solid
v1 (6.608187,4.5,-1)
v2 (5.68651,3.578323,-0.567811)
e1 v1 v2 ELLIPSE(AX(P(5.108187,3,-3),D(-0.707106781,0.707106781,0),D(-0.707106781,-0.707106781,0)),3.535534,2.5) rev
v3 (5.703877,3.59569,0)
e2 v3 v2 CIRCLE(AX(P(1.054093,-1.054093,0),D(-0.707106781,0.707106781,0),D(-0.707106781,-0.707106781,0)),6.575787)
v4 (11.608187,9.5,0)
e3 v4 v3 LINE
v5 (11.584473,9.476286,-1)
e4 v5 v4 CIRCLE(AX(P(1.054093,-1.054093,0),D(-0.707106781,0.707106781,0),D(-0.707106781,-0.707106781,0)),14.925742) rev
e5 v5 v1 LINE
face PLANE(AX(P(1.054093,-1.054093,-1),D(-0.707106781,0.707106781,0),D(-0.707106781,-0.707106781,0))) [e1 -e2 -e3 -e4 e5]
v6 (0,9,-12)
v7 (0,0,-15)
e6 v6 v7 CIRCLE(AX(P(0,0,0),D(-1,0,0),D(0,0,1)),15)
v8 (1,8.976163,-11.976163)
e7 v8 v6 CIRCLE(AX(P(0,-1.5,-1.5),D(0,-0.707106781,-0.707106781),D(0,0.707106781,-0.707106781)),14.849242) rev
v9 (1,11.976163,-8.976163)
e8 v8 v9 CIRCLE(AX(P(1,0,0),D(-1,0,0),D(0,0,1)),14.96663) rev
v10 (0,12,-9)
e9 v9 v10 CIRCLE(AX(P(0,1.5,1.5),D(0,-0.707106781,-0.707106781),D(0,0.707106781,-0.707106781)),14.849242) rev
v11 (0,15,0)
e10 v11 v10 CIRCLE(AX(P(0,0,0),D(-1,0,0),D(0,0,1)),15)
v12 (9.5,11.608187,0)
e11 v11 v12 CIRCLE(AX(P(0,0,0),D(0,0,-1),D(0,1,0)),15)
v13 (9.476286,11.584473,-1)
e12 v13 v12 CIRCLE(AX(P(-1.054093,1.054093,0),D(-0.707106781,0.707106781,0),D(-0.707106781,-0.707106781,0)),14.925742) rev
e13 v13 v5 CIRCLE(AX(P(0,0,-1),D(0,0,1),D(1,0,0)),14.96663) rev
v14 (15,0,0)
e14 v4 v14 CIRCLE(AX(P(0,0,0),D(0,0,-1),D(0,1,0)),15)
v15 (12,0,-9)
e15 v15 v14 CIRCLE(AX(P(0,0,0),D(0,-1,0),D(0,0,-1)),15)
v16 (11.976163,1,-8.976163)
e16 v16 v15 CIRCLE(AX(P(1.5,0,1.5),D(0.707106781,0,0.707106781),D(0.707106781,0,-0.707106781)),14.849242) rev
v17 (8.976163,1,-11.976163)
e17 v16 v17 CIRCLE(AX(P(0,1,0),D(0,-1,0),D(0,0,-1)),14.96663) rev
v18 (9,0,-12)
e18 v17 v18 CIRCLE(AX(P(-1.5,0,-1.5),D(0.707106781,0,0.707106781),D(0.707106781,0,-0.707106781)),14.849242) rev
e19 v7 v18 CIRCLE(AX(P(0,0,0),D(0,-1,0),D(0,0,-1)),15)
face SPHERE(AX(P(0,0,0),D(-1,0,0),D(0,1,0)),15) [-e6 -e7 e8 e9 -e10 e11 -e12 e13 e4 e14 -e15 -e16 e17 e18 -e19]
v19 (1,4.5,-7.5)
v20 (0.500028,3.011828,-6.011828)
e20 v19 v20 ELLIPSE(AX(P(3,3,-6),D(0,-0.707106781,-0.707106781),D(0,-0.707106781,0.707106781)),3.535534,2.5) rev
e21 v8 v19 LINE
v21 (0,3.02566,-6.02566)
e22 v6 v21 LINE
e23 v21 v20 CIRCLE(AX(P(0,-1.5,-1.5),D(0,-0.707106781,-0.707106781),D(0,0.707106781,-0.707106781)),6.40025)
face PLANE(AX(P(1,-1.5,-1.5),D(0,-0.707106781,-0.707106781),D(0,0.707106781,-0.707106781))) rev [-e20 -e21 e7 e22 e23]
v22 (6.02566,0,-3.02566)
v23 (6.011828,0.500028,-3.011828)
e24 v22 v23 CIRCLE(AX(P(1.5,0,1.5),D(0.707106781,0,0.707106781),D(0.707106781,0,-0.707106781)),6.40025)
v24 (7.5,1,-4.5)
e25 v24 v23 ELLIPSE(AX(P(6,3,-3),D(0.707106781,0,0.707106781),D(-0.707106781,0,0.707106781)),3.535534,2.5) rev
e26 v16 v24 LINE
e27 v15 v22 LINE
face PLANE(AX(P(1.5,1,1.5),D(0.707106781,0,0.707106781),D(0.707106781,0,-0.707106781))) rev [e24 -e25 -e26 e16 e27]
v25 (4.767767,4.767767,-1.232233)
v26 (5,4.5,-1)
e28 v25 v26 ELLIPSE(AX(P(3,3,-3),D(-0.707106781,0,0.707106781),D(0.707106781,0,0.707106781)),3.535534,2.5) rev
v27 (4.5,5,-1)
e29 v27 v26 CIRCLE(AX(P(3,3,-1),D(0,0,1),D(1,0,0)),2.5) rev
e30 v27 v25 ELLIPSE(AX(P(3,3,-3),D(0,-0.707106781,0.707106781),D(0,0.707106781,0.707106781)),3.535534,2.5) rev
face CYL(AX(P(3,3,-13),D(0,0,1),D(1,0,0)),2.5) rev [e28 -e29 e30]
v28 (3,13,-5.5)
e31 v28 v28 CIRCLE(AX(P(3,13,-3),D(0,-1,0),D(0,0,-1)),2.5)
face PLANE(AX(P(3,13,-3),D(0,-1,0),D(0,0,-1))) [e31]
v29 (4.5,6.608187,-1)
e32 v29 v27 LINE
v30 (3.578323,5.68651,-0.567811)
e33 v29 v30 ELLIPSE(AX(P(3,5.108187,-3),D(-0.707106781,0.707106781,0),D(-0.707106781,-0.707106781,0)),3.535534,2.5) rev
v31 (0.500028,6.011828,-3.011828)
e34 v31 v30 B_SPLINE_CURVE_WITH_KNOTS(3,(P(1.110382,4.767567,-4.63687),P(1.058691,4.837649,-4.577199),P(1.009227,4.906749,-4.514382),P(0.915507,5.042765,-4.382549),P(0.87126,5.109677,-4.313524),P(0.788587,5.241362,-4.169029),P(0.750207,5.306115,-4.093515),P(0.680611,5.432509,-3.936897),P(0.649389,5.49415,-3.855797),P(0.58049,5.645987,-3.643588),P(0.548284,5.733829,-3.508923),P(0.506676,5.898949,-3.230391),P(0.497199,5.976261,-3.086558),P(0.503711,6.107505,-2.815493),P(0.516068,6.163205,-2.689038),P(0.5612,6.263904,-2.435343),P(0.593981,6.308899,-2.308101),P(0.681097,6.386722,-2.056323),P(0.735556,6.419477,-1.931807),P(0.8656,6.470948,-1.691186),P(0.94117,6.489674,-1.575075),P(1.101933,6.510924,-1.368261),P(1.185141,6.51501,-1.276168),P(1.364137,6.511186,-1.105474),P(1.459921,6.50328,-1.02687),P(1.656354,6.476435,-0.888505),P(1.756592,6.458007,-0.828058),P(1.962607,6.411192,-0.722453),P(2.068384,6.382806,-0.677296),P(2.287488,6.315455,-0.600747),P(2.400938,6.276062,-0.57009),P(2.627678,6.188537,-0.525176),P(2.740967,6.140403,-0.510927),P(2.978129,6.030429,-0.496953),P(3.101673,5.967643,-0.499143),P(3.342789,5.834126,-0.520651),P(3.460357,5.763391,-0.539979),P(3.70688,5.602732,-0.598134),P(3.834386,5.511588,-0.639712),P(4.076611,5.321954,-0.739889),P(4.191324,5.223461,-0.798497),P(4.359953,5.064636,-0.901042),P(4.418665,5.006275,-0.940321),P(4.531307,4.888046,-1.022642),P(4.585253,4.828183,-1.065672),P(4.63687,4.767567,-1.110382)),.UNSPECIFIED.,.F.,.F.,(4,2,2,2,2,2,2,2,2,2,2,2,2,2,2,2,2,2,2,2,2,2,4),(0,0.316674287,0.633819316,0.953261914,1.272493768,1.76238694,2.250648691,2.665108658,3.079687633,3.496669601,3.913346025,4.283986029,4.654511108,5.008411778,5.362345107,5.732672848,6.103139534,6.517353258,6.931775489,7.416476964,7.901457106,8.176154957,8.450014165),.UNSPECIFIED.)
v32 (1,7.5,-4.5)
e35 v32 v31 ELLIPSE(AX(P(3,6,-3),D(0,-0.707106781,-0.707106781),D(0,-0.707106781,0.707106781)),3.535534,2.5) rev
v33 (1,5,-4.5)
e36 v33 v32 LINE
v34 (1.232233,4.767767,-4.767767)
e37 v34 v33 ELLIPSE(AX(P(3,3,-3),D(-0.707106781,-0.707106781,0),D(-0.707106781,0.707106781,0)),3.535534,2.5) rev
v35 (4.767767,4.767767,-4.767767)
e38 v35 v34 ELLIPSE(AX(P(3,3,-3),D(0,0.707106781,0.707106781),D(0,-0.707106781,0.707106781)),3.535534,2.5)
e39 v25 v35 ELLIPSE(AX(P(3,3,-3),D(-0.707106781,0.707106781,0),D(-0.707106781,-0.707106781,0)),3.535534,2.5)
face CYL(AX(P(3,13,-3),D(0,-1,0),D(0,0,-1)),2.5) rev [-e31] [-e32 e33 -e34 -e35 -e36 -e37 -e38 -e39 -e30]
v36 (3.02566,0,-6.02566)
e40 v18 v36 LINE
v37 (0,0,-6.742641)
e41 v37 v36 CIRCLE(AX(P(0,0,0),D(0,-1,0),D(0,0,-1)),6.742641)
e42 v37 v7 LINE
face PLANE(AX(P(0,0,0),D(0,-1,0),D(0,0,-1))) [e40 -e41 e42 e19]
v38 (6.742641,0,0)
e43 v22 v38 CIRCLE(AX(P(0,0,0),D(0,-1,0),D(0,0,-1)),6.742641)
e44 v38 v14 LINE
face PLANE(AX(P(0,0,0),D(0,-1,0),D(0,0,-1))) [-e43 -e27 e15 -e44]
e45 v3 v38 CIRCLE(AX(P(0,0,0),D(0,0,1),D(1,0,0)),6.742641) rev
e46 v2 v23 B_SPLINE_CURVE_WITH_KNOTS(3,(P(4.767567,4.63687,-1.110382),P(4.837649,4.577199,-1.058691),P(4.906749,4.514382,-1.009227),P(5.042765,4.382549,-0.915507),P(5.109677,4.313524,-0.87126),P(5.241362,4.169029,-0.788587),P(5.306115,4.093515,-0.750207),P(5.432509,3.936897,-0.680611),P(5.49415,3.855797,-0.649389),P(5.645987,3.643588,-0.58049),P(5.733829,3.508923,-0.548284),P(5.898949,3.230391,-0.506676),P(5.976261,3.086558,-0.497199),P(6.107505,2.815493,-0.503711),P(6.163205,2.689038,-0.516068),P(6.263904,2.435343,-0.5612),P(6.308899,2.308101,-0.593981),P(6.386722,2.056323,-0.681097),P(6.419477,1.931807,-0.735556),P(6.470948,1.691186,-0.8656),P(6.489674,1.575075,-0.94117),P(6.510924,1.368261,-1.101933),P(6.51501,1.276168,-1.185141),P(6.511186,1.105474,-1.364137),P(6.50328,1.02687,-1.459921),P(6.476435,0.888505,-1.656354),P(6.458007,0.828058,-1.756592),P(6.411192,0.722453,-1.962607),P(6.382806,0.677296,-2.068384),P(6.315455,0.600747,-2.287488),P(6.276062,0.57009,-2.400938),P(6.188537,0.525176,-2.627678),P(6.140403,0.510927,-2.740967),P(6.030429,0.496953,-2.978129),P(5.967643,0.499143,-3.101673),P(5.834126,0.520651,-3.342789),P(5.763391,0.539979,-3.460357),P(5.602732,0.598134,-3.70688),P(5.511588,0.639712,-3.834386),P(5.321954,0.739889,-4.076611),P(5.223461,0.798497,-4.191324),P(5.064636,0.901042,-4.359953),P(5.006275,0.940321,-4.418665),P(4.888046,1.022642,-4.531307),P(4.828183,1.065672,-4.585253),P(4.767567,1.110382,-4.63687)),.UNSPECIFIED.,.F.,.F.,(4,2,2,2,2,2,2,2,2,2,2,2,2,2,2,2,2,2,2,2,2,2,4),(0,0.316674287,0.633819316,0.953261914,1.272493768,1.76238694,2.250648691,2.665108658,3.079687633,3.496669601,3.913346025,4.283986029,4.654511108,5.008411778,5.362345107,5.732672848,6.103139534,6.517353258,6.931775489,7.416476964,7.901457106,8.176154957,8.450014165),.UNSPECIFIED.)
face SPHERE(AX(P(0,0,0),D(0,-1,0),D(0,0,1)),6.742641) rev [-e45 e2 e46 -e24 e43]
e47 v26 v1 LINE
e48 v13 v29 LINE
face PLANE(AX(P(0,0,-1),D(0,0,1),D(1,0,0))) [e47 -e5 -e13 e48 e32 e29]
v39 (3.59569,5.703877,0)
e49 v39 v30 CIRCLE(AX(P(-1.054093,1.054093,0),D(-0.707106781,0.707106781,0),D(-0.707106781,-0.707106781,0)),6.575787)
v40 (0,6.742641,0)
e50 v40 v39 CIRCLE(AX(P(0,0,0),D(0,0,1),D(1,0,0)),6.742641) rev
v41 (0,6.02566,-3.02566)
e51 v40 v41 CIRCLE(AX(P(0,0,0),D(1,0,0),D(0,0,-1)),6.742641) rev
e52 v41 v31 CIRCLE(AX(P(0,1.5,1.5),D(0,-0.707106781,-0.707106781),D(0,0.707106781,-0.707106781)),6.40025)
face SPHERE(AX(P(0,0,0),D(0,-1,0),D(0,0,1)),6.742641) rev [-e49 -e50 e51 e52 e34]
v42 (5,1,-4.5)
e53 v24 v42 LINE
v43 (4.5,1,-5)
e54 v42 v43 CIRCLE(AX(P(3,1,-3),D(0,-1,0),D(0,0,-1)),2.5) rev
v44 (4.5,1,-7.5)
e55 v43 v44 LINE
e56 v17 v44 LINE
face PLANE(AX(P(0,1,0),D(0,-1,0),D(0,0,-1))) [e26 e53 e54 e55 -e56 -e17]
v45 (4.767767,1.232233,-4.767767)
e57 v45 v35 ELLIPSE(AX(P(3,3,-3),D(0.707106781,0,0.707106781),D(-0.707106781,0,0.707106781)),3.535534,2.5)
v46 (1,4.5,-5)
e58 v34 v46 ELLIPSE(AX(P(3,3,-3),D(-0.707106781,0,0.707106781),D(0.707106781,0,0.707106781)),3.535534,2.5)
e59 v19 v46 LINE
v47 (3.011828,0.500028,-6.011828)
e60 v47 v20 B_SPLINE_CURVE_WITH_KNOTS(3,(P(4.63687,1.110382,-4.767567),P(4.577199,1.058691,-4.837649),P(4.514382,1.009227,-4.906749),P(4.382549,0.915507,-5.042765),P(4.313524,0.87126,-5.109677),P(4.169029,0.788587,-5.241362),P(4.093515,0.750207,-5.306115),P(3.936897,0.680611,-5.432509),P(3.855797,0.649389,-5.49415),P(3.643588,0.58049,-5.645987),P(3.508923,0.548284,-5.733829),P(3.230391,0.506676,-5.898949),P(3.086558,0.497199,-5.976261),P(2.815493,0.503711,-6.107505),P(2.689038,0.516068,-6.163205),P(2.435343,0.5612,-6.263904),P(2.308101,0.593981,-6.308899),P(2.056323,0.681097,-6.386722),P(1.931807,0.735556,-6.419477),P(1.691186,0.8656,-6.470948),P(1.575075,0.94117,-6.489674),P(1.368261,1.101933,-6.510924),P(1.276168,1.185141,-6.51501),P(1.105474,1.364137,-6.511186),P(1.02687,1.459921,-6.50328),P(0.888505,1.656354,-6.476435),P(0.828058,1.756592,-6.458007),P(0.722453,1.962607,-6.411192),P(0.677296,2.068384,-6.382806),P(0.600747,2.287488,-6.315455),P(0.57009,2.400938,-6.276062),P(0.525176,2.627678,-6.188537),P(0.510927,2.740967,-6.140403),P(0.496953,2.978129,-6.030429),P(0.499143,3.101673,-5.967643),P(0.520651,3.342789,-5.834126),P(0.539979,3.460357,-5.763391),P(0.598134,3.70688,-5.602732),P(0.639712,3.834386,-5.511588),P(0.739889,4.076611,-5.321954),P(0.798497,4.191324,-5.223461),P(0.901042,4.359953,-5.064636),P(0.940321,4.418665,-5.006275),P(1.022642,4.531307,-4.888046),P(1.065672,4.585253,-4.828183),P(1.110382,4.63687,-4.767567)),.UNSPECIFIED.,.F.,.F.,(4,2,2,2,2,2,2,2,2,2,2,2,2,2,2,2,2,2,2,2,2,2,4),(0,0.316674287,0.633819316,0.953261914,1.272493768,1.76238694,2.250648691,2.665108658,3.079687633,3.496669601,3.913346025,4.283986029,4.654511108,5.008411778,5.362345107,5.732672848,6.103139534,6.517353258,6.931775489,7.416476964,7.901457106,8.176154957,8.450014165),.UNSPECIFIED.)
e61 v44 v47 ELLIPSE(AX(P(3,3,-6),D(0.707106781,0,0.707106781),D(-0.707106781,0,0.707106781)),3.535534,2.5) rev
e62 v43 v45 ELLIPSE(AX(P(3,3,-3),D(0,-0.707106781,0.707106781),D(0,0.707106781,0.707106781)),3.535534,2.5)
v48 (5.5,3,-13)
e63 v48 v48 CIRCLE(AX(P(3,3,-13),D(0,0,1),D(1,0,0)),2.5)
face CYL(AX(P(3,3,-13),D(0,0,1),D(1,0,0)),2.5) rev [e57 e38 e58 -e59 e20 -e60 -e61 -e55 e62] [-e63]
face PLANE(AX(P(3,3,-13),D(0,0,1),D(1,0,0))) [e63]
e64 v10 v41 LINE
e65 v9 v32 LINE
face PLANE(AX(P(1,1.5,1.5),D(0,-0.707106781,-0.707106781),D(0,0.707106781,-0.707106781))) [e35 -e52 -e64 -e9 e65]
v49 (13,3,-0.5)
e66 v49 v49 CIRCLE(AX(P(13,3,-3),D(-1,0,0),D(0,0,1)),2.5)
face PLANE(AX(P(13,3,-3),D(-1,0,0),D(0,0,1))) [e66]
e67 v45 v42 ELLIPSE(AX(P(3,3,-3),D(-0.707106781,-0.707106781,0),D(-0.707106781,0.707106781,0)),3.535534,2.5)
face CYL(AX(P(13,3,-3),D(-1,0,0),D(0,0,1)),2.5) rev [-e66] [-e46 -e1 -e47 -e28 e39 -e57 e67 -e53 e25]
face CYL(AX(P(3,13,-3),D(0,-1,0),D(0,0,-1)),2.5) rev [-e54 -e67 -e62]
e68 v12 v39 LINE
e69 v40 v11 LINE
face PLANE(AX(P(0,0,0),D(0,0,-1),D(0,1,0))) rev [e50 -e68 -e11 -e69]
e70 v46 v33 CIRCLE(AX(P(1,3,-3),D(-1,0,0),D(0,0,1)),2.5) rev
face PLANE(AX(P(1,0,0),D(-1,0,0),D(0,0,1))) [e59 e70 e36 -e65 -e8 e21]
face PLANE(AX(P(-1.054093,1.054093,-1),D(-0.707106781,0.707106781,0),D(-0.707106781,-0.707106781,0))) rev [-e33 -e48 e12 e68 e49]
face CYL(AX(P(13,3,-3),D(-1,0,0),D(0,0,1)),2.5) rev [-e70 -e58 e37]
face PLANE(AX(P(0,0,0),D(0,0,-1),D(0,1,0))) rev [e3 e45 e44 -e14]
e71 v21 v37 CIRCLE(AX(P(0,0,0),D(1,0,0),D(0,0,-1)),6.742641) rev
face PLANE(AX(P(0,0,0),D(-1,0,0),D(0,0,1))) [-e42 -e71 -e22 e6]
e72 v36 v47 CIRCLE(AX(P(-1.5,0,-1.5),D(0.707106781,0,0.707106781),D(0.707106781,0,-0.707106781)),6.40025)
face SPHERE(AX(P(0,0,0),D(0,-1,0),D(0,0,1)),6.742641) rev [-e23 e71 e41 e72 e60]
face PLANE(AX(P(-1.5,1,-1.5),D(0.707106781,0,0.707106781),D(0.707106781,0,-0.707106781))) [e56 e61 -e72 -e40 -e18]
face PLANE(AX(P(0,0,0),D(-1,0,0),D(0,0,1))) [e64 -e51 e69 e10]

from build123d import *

# Parameters (mm, degrees)
REVOLVE1_ANGLE      = 90.0000000000002
SKETCH5_R           = 2.5000000000000013
CUT_EXTRUDE3_DEPTH  = 13.000000000000002
SKETCH6_R           = 2.5000000000000004
CUT_EXTRUDE4_DEPTH  = 13.000000000000002
SKETCH7_R           = 2.5000000000000013
CUT_EXTRUDE5_DEPTH  = 13.000000000000002
CUT_REVOLVE14_ANGLE = 90.0000000000002
CUT_EXTRUDE20_DEPTH = 0.9999999999999974
CUT_EXTRUDE24_DEPTH = 1
CUT_EXTRUDE25_DEPTH = 1


with BuildPart() as part:
    # Sketch4 → Revolve1 (revolve)
    with BuildSketch(Plane(origin=(0, 0, 0), x_dir=(1, 0, 0), z_dir=(0, 1, 0))):
        with BuildLine():
            Line((0, 0), (15, 0))
            ThreePointArc((15, 0), (10.606601717798213, 10.606601717798211), (0, 15))
            Line((0, 15), (0, 0))
        make_face()
    revolve(axis=Axis((0, 0, 0), (1, 0, 0)), revolution_arc=REVOLVE1_ANGLE)

    # Sketch5 → Cut-Extrude3 (cut)
    with BuildSketch(Plane.XY):
        with Locations((3, 3)):
            Circle(SKETCH5_R)
    extrude(amount=-CUT_EXTRUDE3_DEPTH, mode=Mode.SUBTRACT)

    # Sketch6 → Cut-Extrude4 (cut)
    with BuildSketch(Plane.ZY):
        with Locations((-3, 3)):
            Circle(SKETCH6_R)
    extrude(amount=-CUT_EXTRUDE4_DEPTH, mode=Mode.SUBTRACT)

    # Sketch7 → Cut-Extrude5 (cut)
    with BuildSketch(Plane.XZ):
        with Locations(Location((3, -3, 0), (0, 0, 270))):
            Circle(SKETCH7_R)
    extrude(amount=-CUT_EXTRUDE5_DEPTH, mode=Mode.SUBTRACT)

    # Sketch8 → Cut-Revolve14 (revolve, cut)
    with BuildSketch(Plane.XY):
        with BuildLine():
            ThreePointArc((4.767766952966368, 4.767766952966372), (2.580296881351315, 6.229387725907349), (0, 6.742640687119288))
            Line((0, 6.742640687119287), (0, 0))
            Line((0, 0), (6.742640687119288, 4.1e-16))
            ThreePointArc((6.742640687119288, 1.52e-15), (6.229387725907348, 2.5802968813513187), (4.767766952966368, 4.767766952966372))
        make_face()
        with BuildLine():
            ThreePointArc((5.500000000000002, 2.9999999999999996), (0.6903011687217822, 2.043291419087274), (4.767766952966367, 4.767766952966372))
            ThreePointArc((4.767766952966367, 4.767766952966372), (5.309698831278217, 3.9567085809127267), (5.500000000000002, 3))
        make_face(mode=Mode.SUBTRACT)
    revolve(axis=Axis((0, 0, 0), (0, 1, 3.49e-15)), revolution_arc=CUT_REVOLVE14_ANGLE, mode=Mode.SUBTRACT)

    # Sketch9 → Cut-Extrude20 (cut)
    with BuildSketch(Plane.XY):
        with BuildLine():
            ThreePointArc((11.6081867662439, 9.499999999999998), (10.606601717798215, 10.60660171779821), (9.500000000000005, 11.608186766243897))
            Line((9.500000000000005, 11.608186766243898), (11.608186766243902, 9.499999999999998))
        make_face()
        with BuildLine():
            Line((11.608186766243902, 9.499999999999998), (9.500000000000005, 11.608186766243898))
            Line((9.500000000000005, 11.608186766243898), (3.5956903599630037, 5.703877126206902))
            ThreePointArc((3.5956903599630796, 5.703877126206793), (4.207841503717712, 5.268517183723248), (4.767766952966372, 4.7677669529663715))
            ThreePointArc((4.767766952966372, 4.7677669529663715), (5.268517183723248, 4.207841503717712), (5.703877126206793, 3.5956903599630796))
            Line((5.703877126206905, 3.5956903599630046), (11.608186766243902, 9.499999999999998))
        make_face()
        with BuildLine():
            ThreePointArc((4.767766952966372, 4.7677669529663715), (4.207841503717712, 5.268517183723248), (3.5956903599630796, 5.703877126206793))
            Line((3.5956903599630037, 5.703877126206902), (-1.0540933831219501, 1.0540933831219519))
            Line((-1.0540933831219503, 1.054093383121952), (1.0540933831219486, -1.0540933831219486))
            Line((1.0540933831219483, -1.0540933831219483), (5.703877126206905, 3.5956903599630046))
            ThreePointArc((5.703877126206793, 3.5956903599630796), (5.268517183723248, 4.207841503717712), (4.767766952966372, 4.7677669529663715))
        make_face()
    extrude(amount=-CUT_EXTRUDE20_DEPTH, mode=Mode.SUBTRACT)

    # Sketch10 → Cut-Extrude24 (cut)
    with BuildSketch(Plane.ZY):
        with BuildLine():
            Line((-8.999999999999977, 11.999999999999961), (-11.999999999999998, 9.000000000000002))
            Line((-11.999999999999998, 9.000000000000002), (-6.025660362620837, 3.025660362620844))
            ThreePointArc((-6.025660362621033, 3.0256603626207323), (-5.466557614006139, 3.947144700710623), (-4.76776695296637, 4.767766952966371))
            ThreePointArc((-4.767766952966371, 4.767766952966371), (-3.947144700710626, 5.466557614006138), (-3.0256603626207372, 6.025660362621032))
            Line((-3.02566036262085, 6.025660362620837), (-8.999999999999977, 11.999999999999961))
        make_face()
        with BuildLine():
            ThreePointArc((-9.000000000000004, 11.999999999999996), (-10.606601717798211, 10.606601717798213), (-12, 9))
            Line((-11.999999999999998, 9.000000000000002), (-8.999999999999977, 11.999999999999961))
        make_face()
        with BuildLine():
            ThreePointArc((-4.76776695296637, 4.767766952966371), (-5.466557614006139, 3.947144700710623), (-6.025660362621033, 3.0256603626207323))
            Line((-6.025660362620837, 3.025660362620844), (-1.4999999999999947, -1.4999999999999947))
            Line((-1.4999999999999944, -1.4999999999999944), (1.499999999999994, 1.4999999999999944))
            Line((1.4999999999999947, 1.4999999999999947), (-3.02566036262085, 6.025660362620837))
            ThreePointArc((-3.0256603626207372, 6.025660362621032), (-3.947144700710626, 5.466557614006138), (-4.767766952966371, 4.767766952966371))
        make_face()
    extrude(amount=-CUT_EXTRUDE24_DEPTH, mode=Mode.SUBTRACT)

    # Sketch11 → Cut-Extrude25 (cut)
    with BuildSketch(Plane.XZ):
        with BuildLine():
            Line((11.999999999999996, -9.000000000000002), (9.000000000000002, -11.999999999999998))
            ThreePointArc((8.999999999999996, -12.000000000000002), (10.60660171779821, -10.606601717798215), (11.999999999999998, -9.000000000000002))
        make_face()
        with BuildLine():
            Line((3.0256603626208403, -6.025660362620841), (9.000000000000002, -11.999999999999998))
            Line((9.000000000000002, -11.999999999999998), (11.999999999999996, -9.000000000000002))
            Line((11.999999999999996, -9.000000000000002), (6.02566036262084, -3.0256603626208403))
            ThreePointArc((6.025660362621034, -3.025660362620727), (5.466557614006142, -3.9471447007106204), (4.767766952966371, -4.767766952966369))
            ThreePointArc((4.7677669529663715, -4.767766952966372), (3.9471447007106226, -5.466557614006144), (3.0256603626207275, -6.025660362621036))
        make_face()
        with BuildLine():
            Line((-1.5000000000000036, -1.5), (3.0256603626208403, -6.025660362620841))
            ThreePointArc((3.0256603626207275, -6.025660362621036), (3.9471447007106226, -5.466557614006144), (4.7677669529663715, -4.767766952966372))
            ThreePointArc((4.767766952966371, -4.767766952966369), (5.466557614006142, -3.9471447007106204), (6.025660362621034, -3.025660362620727))
            Line((6.02566036262084, -3.0256603626208403), (1.5, 1.5000000000000036))
            Line((1.4999999999999996, 1.5000000000000036), (-1.500000000000003, -1.4999999999999996))
        make_face()
    extrude(amount=-CUT_EXTRUDE25_DEPTH, mode=Mode.SUBTRACT)


solid = part.part
